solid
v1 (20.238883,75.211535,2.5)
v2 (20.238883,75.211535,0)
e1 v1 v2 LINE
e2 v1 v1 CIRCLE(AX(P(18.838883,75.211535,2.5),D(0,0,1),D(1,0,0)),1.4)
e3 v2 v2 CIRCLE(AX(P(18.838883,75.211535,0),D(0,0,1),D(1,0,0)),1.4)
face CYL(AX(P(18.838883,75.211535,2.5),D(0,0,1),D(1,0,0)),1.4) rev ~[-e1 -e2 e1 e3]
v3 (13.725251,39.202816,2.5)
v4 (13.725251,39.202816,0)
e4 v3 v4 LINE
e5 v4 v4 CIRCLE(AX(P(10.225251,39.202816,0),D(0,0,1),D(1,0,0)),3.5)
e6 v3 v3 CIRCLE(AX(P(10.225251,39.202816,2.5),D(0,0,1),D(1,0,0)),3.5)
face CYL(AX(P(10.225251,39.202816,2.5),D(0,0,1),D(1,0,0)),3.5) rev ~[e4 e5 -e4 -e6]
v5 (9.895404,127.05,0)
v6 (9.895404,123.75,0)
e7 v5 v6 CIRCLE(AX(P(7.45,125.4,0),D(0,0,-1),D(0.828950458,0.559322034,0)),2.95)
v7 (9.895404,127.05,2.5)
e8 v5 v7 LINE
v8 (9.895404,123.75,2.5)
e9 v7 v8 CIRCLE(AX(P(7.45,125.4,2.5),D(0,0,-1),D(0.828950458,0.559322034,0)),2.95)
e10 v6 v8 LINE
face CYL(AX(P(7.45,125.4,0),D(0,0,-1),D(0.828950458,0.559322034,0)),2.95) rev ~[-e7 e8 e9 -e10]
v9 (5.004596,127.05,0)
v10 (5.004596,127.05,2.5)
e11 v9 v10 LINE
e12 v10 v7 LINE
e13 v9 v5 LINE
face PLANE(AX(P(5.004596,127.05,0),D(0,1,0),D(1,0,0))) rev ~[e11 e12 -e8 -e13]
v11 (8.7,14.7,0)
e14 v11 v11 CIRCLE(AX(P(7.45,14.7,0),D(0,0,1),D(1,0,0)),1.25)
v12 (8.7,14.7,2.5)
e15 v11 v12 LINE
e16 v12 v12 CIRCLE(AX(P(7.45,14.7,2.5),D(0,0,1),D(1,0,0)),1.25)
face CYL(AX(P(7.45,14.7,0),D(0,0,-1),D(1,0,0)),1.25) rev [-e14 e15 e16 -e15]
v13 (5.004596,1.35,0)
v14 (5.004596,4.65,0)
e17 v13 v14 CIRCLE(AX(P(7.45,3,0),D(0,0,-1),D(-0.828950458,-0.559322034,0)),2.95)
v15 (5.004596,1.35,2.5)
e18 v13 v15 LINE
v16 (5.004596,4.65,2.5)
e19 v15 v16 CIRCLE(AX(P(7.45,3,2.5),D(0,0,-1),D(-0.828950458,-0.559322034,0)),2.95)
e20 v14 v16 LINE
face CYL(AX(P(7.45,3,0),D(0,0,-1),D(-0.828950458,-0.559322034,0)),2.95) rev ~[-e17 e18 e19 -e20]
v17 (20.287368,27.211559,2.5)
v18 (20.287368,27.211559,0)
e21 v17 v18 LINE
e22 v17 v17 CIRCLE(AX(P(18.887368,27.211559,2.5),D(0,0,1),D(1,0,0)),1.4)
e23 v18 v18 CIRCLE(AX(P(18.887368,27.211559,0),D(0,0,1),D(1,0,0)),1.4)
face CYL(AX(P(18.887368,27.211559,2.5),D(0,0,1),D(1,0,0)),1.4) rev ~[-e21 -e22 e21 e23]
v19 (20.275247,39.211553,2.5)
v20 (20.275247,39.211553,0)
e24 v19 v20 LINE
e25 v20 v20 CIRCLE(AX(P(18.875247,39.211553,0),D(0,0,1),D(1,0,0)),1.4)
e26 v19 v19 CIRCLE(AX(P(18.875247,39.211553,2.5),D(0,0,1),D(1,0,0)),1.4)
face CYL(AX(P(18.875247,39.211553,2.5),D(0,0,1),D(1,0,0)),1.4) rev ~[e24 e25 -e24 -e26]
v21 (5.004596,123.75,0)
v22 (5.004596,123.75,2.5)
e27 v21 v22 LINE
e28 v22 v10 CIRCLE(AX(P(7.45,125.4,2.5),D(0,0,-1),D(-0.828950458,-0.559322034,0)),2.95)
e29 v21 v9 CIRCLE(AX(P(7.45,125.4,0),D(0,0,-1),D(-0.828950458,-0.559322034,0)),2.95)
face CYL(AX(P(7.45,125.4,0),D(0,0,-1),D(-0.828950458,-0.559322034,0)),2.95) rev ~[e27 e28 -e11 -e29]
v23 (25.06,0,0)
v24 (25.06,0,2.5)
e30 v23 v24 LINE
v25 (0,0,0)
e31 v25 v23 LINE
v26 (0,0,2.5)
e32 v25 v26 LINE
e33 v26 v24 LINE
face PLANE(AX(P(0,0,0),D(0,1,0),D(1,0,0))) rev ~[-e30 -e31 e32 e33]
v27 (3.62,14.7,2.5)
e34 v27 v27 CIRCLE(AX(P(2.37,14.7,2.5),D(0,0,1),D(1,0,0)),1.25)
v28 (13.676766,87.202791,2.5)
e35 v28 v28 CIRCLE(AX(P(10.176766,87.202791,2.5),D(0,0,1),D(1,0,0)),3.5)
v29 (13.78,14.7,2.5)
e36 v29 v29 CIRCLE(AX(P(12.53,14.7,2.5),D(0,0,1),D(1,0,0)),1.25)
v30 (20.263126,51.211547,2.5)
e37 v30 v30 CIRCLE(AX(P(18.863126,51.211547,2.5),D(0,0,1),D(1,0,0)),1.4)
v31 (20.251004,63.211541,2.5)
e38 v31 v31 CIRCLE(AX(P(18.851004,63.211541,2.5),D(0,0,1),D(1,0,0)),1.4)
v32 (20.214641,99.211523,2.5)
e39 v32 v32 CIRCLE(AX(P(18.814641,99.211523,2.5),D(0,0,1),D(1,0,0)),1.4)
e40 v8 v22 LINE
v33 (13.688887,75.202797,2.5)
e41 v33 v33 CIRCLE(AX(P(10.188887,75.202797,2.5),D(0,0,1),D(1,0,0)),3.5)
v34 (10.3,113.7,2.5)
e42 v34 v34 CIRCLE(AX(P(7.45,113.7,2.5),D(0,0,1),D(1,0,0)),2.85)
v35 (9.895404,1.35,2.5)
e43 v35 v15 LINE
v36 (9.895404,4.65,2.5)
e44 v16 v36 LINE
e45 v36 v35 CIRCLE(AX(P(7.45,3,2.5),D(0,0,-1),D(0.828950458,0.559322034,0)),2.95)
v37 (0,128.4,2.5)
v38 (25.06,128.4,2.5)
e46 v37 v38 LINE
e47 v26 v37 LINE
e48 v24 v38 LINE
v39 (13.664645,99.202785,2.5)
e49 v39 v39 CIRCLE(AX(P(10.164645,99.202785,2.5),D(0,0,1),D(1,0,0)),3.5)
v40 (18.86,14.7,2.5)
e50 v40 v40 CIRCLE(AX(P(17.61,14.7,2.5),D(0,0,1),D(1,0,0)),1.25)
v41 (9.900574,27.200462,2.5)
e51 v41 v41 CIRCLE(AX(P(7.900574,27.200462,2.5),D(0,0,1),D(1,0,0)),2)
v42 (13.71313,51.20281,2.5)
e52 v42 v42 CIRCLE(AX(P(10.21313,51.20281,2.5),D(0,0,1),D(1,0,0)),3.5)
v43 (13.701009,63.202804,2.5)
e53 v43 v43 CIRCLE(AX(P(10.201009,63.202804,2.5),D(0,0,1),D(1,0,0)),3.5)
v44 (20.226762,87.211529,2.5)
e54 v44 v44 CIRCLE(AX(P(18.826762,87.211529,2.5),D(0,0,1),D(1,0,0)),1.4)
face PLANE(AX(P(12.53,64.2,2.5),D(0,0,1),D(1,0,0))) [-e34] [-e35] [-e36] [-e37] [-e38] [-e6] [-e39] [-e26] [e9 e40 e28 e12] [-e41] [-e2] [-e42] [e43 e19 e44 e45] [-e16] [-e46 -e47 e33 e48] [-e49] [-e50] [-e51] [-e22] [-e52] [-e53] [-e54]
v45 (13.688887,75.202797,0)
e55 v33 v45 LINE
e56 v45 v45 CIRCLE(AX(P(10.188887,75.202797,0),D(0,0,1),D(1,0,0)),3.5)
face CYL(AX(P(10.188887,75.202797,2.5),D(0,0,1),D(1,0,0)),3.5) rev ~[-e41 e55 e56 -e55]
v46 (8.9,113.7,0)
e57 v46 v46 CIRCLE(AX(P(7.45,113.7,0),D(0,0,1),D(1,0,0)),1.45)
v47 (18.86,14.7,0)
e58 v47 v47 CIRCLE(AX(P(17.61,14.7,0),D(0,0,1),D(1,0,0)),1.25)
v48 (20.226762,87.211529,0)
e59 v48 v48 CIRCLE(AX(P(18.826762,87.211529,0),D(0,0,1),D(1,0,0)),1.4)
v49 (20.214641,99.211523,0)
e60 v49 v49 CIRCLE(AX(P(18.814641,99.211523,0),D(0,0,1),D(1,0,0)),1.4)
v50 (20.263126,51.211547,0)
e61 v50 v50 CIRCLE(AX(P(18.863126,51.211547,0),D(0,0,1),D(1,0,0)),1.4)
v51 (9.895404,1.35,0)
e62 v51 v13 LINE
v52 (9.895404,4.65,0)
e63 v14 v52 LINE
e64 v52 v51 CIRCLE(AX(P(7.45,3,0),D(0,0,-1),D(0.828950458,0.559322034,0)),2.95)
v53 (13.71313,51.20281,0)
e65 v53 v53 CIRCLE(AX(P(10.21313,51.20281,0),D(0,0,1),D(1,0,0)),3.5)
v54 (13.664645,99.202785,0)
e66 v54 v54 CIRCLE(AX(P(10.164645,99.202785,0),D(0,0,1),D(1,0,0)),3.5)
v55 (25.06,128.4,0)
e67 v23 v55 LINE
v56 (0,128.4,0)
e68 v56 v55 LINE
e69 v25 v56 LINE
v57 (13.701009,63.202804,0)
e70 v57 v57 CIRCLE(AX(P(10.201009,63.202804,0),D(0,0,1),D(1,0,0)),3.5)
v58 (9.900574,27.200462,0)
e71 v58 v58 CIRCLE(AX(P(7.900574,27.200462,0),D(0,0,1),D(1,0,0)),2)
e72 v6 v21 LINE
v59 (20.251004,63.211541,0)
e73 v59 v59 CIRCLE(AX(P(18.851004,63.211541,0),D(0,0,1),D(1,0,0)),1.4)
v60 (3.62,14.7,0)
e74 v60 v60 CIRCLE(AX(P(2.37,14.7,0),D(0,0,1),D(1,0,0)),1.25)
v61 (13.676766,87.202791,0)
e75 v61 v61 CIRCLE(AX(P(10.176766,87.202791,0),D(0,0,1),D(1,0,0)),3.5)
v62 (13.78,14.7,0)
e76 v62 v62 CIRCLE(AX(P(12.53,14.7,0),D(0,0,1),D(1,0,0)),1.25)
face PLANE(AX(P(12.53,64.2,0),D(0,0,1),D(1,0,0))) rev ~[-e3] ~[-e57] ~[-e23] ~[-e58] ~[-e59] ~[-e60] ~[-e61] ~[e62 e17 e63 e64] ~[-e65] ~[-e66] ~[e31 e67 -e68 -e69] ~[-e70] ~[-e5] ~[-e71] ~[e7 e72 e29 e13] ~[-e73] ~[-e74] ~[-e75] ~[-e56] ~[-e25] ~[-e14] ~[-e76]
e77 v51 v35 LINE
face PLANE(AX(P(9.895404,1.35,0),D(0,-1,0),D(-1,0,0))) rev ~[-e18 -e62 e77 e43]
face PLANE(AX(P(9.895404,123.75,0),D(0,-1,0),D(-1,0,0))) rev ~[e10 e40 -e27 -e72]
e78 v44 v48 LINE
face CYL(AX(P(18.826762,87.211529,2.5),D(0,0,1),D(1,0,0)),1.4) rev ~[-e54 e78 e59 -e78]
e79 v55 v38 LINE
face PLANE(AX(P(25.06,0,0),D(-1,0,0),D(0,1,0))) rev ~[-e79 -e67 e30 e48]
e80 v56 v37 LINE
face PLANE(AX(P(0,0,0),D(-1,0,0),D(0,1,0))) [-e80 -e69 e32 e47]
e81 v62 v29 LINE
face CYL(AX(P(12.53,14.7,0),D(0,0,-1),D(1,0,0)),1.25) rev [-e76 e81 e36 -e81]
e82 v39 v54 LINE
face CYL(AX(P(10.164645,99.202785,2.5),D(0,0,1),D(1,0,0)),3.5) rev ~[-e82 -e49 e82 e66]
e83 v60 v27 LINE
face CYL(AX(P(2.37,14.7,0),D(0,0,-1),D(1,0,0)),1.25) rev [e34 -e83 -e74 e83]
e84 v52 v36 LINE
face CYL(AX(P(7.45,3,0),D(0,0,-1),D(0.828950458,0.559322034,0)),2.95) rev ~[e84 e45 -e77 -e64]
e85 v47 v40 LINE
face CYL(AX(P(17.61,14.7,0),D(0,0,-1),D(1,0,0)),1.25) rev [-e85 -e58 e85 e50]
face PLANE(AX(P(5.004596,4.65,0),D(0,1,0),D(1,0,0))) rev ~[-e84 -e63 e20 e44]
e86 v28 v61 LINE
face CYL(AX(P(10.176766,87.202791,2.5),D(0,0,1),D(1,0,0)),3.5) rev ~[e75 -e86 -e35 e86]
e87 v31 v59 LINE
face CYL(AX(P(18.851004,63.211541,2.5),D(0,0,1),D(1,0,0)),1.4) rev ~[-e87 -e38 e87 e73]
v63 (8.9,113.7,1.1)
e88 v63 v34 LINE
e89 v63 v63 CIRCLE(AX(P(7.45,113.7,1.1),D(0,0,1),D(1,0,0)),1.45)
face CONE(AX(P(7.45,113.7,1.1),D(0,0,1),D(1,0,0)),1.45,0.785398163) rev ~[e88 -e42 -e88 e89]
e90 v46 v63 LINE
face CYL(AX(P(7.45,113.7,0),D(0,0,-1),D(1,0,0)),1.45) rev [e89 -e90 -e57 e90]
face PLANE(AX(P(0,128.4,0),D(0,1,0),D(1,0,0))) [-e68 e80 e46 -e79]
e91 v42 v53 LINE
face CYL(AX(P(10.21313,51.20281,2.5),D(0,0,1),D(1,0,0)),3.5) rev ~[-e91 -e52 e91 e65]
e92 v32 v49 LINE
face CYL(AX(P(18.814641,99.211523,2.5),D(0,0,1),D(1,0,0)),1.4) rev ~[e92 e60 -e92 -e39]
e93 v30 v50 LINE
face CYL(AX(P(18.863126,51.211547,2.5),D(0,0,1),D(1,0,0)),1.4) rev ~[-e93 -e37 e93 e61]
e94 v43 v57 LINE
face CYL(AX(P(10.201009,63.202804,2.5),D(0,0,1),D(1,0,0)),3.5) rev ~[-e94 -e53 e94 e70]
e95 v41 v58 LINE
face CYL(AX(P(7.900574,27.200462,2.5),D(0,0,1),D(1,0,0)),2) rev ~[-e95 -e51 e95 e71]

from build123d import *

# Parameters (mm, degrees)
MODEL_W                 = 25.06
MODEL_H                 = 128.4
MODEL_R                 = 1.25
MODEL_R_2               = 1.45
BOSS_EXTRU_1_DEPTH      = 2.5
CHANFREIN1_SIZE         = 1.4
ESQUISSE1_R             = 1.4
ESQUISSE1_R_2           = 3.5
ESQUISSE1_R_3           = 2
ENL_V_MAT_EXTRU_1_DEPTH = 131.846526893


with BuildPart() as part:
    # Model → Boss.-Extru.1 (new body)
    with BuildSketch(Plane.XY):
        with Locations((12.53, 64.2)):
            Rectangle(MODEL_W, MODEL_H)
        with Locations((2.37, 14.7)):
            Circle(MODEL_R, mode=Mode.SUBTRACT)
        with Locations((12.53, 14.7)):
            Circle(MODEL_R, mode=Mode.SUBTRACT)
        with Locations((7.45, 14.7)):
            Circle(MODEL_R, mode=Mode.SUBTRACT)
        with Locations((7.45, 113.7)):
            Circle(MODEL_R_2, mode=Mode.SUBTRACT)
        with Locations((17.61, 14.7)):
            Circle(MODEL_R, mode=Mode.SUBTRACT)
        with BuildLine():
            Line((9.895403852, 123.75), (5.004596148, 123.75))
            ThreePointArc((5.004596148, 123.75), (4.5, 125.4), (5.004596148, 127.05))
            Line((5.004596148, 127.05), (9.895403852, 127.05))
            ThreePointArc((9.895403852, 127.05), (10.4, 125.4), (9.895403852, 123.75))
        make_face(mode=Mode.SUBTRACT)
        with BuildLine():
            Line((9.895403852, 1.35), (5.004596148, 1.35))
            ThreePointArc((5.004596148, 1.35), (4.5, 3), (5.004596148, 4.65))
            Line((5.004596148, 4.65), (9.895403852, 4.65))
            ThreePointArc((9.895403852, 4.65), (10.4, 3), (9.895403852, 1.35))
        make_face(mode=Mode.SUBTRACT)
    extrude(amount=BOSS_EXTRU_1_DEPTH)

    # Chanfrein1
    chanfrein1_edges = [part.edges().sort_by_distance(p)[0] for p in [
        (6, 113.7, 2.5),
    ]]
    chamfer(chanfrein1_edges, length=CHANFREIN1_SIZE)

    # Esquisse1 → Enlèv. mat.-Extru.1 (cut, through all)
    with BuildSketch(Plane.XY.offset(2.5)):
        with Locations((18.81464069, 99.211522536)):
            Circle(ESQUISSE1_R)
        with Locations((18.826761896, 87.211528658)):
            Circle(ESQUISSE1_R)
        with Locations((18.838883102, 75.21153478)):
            Circle(ESQUISSE1_R)
        with Locations((18.851004308, 63.211540902)):
            Circle(ESQUISSE1_R)
        with Locations((18.863125514, 51.211547023)):
            Circle(ESQUISSE1_R)
        with Locations((18.875246719, 39.211553145)):
            Circle(ESQUISSE1_R)
        with Locations((18.887367925, 27.211559267)):
            Circle(ESQUISSE1_R)
        with Locations((10.16464508, 99.202785174)):
            Circle(ESQUISSE1_R_2)
        with Locations((10.176766286, 87.202791295)):
            Circle(ESQUISSE1_R_2)
        with Locations((10.188887492, 75.202797417)):
            Circle(ESQUISSE1_R_2)
        with Locations((10.201008698, 63.202803539)):
            Circle(ESQUISSE1_R_2)
        with Locations((10.213129904, 51.202809661)):
            Circle(ESQUISSE1_R_2)
        with Locations((10.225251109, 39.202815783)):
            Circle(ESQUISSE1_R_2)
        with Locations((7.900573508, 27.200461502)):
            Circle(ESQUISSE1_R_3)
    extrude(amount=-ENL_V_MAT_EXTRU_1_DEPTH, mode=Mode.SUBTRACT)


solid = part.part
